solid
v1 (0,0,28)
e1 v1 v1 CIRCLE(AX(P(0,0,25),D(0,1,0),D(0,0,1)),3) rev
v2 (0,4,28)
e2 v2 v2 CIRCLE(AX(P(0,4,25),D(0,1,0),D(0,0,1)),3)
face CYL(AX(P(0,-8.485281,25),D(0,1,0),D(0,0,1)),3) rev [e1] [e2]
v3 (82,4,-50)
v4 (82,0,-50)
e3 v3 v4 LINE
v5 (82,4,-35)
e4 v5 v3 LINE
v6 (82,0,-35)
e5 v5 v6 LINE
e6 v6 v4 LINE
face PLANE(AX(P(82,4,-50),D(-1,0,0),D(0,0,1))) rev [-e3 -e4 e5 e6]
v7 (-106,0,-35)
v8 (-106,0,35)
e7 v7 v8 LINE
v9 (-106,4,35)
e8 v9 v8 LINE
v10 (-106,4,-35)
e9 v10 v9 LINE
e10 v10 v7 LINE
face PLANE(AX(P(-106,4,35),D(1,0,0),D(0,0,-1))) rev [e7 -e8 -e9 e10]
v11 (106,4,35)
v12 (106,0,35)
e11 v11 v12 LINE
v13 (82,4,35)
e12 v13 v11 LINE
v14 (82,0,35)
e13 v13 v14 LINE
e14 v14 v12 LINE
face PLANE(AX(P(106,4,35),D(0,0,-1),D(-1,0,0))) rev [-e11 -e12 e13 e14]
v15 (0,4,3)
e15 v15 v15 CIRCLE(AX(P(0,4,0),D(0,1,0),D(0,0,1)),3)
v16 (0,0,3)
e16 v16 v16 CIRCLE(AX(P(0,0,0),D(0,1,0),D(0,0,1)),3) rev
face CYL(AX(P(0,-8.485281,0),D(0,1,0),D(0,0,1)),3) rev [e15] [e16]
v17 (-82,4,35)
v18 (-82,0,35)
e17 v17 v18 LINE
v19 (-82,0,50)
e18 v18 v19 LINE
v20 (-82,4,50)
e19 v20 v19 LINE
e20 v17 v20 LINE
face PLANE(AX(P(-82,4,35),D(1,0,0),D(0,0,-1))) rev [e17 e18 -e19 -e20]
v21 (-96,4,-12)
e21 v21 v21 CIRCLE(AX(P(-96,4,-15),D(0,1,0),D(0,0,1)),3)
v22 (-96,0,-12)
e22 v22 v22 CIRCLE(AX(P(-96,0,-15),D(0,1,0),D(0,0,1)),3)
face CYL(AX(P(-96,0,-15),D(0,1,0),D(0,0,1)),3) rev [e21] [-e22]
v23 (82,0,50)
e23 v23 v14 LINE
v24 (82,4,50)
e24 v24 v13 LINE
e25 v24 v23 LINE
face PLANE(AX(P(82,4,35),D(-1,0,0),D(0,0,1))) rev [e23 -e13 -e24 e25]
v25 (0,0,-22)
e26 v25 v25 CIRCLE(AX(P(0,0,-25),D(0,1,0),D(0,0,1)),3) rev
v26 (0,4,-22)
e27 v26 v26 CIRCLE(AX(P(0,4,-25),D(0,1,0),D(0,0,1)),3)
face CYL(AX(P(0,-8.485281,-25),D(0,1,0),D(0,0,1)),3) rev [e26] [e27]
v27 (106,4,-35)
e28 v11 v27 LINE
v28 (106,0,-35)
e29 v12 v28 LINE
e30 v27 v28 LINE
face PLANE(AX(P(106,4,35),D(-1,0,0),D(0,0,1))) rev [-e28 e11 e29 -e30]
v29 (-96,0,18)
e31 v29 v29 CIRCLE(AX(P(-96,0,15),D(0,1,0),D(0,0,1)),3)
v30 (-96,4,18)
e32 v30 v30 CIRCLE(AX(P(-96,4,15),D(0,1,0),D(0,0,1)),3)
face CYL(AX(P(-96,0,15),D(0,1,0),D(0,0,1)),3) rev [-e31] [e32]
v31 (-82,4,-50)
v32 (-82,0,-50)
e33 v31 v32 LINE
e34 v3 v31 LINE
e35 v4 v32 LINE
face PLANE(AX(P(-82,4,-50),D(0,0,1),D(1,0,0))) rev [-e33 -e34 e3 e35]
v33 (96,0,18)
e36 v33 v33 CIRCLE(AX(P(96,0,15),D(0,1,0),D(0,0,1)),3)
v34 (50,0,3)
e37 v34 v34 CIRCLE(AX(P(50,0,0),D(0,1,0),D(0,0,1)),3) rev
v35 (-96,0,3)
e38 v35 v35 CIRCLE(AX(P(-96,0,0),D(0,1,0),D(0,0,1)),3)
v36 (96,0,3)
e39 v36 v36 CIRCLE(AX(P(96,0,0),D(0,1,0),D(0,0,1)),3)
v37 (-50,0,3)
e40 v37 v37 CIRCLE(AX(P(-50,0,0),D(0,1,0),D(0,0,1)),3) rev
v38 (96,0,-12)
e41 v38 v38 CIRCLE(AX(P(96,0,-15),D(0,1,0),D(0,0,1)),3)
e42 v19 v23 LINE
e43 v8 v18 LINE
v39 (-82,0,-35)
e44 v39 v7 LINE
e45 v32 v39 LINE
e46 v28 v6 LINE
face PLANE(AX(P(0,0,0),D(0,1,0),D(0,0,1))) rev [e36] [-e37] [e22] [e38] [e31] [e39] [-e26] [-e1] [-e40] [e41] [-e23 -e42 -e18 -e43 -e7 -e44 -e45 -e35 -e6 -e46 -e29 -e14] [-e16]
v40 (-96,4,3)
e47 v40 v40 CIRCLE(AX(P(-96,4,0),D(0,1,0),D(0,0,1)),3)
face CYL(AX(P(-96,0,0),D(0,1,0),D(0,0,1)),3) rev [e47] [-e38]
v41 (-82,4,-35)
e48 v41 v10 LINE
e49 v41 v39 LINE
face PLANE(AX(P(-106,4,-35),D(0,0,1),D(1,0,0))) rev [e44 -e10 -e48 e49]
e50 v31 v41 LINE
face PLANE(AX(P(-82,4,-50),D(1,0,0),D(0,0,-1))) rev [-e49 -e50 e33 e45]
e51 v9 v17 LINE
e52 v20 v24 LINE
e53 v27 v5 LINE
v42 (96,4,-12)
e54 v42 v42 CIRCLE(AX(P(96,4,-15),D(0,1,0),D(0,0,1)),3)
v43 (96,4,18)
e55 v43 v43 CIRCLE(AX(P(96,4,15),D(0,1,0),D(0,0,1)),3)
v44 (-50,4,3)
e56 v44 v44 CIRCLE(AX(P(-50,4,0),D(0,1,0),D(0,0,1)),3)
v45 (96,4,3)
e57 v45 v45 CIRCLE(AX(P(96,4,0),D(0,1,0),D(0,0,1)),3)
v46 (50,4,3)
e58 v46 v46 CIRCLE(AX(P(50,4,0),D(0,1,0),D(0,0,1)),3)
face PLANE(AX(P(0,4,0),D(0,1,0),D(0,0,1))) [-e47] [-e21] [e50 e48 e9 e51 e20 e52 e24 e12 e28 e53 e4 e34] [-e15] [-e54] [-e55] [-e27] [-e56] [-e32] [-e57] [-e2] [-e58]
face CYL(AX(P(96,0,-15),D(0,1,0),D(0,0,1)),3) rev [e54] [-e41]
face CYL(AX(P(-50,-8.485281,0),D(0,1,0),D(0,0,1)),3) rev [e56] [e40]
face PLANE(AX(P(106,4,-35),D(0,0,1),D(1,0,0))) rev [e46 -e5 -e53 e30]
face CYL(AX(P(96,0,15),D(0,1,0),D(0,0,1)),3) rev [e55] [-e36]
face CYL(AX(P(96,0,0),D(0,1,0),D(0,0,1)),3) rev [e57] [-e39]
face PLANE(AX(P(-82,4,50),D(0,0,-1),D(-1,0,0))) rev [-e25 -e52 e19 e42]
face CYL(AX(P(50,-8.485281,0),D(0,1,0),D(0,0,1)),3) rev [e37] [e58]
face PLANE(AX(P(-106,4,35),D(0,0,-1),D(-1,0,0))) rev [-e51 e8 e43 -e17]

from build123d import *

# Parameters (mm, degrees)
SALIENTE_EXTRUIR1_DEPTH = 4
CROQUIS2_R              = 3
CORTAR_EXTRUIR1_DEPTH   = 4
CROQUIS3_R              = 3
CORTAR_EXTRUIR2_DEPTH   = 4
CROQUIS4_R              = 3
CORTAR_EXTRUIR3_DEPTH   = 4


with BuildPart() as part:
    # Croquis1 → Saliente-Extruir1 (new body)
    with BuildSketch(Plane(origin=(0, 0, 0), x_dir=(1, 0, 0), z_dir=(0, 1, 0))):
        Polygon((-82, -35), (-82, -50), (82, -50), (82, -35), (106, -35), (106, 35), (82, 35), (82, 50), (-82, 50), (-82, 35), (-106, 35), (-106, -35), align=None)
    extrude(amount=SALIENTE_EXTRUIR1_DEPTH)

    # Croquis2 → Cortar-Extruir1 (cut)
    with BuildSketch(Plane(origin=(0, 4, 0), x_dir=(1, 0, 0), z_dir=(0, 1, 0))):
        with Locations(Location((-96, 0, 0), (0, 0, 270))):
            Circle(CROQUIS2_R)
        with Locations(Location((-96, 15, 0), (0, 0, 270))):
            Circle(CROQUIS2_R)
        with Locations(Location((-96, -15, 0), (0, 0, 270))):
            Circle(CROQUIS2_R)
    extrude(amount=-CORTAR_EXTRUIR1_DEPTH, mode=Mode.SUBTRACT)

    # Croquis3 → Cortar-Extruir2 (cut)
    with BuildSketch(Plane(origin=(0, 4, 0), x_dir=(1, 0, 0), z_dir=(0, 1, 0))):
        with Locations(Location((96, 15, 0), (0, 0, 270))):
            Circle(CROQUIS3_R)
        with Locations(Location((96, -15, 0), (0, 0, 270))):
            Circle(CROQUIS3_R)
        with Locations(Location((96, 0, 0), (0, 0, 270))):
            Circle(CROQUIS3_R)
    extrude(amount=-CORTAR_EXTRUIR2_DEPTH, mode=Mode.SUBTRACT)

    # Croquis4 → Cortar-Extruir3 (cut)
    with BuildSketch(Plane(origin=(0, 4, 0), x_dir=(1, 0, 0), z_dir=(0, 1, 0))):
        with Locations(Location((0, 25, 0), (0, 0, 270))):
            Circle(CROQUIS4_R)
        with Locations(Location((50, 0, 0), (0, 0, 270))):
            Circle(CROQUIS4_R)
        with Locations(Location((0, -25, 0), (0, 0, 270))):
            Circle(CROQUIS4_R)
        with Locations(Location((-50, 0, 0), (0, 0, 270))):
            Circle(CROQUIS4_R)
        with Locations(Location((0, 0, 0), (0, 0, 270))):
            Circle(CROQUIS4_R)
    extrude(amount=-CORTAR_EXTRUIR3_DEPTH, mode=Mode.SUBTRACT)


solid = part.part
